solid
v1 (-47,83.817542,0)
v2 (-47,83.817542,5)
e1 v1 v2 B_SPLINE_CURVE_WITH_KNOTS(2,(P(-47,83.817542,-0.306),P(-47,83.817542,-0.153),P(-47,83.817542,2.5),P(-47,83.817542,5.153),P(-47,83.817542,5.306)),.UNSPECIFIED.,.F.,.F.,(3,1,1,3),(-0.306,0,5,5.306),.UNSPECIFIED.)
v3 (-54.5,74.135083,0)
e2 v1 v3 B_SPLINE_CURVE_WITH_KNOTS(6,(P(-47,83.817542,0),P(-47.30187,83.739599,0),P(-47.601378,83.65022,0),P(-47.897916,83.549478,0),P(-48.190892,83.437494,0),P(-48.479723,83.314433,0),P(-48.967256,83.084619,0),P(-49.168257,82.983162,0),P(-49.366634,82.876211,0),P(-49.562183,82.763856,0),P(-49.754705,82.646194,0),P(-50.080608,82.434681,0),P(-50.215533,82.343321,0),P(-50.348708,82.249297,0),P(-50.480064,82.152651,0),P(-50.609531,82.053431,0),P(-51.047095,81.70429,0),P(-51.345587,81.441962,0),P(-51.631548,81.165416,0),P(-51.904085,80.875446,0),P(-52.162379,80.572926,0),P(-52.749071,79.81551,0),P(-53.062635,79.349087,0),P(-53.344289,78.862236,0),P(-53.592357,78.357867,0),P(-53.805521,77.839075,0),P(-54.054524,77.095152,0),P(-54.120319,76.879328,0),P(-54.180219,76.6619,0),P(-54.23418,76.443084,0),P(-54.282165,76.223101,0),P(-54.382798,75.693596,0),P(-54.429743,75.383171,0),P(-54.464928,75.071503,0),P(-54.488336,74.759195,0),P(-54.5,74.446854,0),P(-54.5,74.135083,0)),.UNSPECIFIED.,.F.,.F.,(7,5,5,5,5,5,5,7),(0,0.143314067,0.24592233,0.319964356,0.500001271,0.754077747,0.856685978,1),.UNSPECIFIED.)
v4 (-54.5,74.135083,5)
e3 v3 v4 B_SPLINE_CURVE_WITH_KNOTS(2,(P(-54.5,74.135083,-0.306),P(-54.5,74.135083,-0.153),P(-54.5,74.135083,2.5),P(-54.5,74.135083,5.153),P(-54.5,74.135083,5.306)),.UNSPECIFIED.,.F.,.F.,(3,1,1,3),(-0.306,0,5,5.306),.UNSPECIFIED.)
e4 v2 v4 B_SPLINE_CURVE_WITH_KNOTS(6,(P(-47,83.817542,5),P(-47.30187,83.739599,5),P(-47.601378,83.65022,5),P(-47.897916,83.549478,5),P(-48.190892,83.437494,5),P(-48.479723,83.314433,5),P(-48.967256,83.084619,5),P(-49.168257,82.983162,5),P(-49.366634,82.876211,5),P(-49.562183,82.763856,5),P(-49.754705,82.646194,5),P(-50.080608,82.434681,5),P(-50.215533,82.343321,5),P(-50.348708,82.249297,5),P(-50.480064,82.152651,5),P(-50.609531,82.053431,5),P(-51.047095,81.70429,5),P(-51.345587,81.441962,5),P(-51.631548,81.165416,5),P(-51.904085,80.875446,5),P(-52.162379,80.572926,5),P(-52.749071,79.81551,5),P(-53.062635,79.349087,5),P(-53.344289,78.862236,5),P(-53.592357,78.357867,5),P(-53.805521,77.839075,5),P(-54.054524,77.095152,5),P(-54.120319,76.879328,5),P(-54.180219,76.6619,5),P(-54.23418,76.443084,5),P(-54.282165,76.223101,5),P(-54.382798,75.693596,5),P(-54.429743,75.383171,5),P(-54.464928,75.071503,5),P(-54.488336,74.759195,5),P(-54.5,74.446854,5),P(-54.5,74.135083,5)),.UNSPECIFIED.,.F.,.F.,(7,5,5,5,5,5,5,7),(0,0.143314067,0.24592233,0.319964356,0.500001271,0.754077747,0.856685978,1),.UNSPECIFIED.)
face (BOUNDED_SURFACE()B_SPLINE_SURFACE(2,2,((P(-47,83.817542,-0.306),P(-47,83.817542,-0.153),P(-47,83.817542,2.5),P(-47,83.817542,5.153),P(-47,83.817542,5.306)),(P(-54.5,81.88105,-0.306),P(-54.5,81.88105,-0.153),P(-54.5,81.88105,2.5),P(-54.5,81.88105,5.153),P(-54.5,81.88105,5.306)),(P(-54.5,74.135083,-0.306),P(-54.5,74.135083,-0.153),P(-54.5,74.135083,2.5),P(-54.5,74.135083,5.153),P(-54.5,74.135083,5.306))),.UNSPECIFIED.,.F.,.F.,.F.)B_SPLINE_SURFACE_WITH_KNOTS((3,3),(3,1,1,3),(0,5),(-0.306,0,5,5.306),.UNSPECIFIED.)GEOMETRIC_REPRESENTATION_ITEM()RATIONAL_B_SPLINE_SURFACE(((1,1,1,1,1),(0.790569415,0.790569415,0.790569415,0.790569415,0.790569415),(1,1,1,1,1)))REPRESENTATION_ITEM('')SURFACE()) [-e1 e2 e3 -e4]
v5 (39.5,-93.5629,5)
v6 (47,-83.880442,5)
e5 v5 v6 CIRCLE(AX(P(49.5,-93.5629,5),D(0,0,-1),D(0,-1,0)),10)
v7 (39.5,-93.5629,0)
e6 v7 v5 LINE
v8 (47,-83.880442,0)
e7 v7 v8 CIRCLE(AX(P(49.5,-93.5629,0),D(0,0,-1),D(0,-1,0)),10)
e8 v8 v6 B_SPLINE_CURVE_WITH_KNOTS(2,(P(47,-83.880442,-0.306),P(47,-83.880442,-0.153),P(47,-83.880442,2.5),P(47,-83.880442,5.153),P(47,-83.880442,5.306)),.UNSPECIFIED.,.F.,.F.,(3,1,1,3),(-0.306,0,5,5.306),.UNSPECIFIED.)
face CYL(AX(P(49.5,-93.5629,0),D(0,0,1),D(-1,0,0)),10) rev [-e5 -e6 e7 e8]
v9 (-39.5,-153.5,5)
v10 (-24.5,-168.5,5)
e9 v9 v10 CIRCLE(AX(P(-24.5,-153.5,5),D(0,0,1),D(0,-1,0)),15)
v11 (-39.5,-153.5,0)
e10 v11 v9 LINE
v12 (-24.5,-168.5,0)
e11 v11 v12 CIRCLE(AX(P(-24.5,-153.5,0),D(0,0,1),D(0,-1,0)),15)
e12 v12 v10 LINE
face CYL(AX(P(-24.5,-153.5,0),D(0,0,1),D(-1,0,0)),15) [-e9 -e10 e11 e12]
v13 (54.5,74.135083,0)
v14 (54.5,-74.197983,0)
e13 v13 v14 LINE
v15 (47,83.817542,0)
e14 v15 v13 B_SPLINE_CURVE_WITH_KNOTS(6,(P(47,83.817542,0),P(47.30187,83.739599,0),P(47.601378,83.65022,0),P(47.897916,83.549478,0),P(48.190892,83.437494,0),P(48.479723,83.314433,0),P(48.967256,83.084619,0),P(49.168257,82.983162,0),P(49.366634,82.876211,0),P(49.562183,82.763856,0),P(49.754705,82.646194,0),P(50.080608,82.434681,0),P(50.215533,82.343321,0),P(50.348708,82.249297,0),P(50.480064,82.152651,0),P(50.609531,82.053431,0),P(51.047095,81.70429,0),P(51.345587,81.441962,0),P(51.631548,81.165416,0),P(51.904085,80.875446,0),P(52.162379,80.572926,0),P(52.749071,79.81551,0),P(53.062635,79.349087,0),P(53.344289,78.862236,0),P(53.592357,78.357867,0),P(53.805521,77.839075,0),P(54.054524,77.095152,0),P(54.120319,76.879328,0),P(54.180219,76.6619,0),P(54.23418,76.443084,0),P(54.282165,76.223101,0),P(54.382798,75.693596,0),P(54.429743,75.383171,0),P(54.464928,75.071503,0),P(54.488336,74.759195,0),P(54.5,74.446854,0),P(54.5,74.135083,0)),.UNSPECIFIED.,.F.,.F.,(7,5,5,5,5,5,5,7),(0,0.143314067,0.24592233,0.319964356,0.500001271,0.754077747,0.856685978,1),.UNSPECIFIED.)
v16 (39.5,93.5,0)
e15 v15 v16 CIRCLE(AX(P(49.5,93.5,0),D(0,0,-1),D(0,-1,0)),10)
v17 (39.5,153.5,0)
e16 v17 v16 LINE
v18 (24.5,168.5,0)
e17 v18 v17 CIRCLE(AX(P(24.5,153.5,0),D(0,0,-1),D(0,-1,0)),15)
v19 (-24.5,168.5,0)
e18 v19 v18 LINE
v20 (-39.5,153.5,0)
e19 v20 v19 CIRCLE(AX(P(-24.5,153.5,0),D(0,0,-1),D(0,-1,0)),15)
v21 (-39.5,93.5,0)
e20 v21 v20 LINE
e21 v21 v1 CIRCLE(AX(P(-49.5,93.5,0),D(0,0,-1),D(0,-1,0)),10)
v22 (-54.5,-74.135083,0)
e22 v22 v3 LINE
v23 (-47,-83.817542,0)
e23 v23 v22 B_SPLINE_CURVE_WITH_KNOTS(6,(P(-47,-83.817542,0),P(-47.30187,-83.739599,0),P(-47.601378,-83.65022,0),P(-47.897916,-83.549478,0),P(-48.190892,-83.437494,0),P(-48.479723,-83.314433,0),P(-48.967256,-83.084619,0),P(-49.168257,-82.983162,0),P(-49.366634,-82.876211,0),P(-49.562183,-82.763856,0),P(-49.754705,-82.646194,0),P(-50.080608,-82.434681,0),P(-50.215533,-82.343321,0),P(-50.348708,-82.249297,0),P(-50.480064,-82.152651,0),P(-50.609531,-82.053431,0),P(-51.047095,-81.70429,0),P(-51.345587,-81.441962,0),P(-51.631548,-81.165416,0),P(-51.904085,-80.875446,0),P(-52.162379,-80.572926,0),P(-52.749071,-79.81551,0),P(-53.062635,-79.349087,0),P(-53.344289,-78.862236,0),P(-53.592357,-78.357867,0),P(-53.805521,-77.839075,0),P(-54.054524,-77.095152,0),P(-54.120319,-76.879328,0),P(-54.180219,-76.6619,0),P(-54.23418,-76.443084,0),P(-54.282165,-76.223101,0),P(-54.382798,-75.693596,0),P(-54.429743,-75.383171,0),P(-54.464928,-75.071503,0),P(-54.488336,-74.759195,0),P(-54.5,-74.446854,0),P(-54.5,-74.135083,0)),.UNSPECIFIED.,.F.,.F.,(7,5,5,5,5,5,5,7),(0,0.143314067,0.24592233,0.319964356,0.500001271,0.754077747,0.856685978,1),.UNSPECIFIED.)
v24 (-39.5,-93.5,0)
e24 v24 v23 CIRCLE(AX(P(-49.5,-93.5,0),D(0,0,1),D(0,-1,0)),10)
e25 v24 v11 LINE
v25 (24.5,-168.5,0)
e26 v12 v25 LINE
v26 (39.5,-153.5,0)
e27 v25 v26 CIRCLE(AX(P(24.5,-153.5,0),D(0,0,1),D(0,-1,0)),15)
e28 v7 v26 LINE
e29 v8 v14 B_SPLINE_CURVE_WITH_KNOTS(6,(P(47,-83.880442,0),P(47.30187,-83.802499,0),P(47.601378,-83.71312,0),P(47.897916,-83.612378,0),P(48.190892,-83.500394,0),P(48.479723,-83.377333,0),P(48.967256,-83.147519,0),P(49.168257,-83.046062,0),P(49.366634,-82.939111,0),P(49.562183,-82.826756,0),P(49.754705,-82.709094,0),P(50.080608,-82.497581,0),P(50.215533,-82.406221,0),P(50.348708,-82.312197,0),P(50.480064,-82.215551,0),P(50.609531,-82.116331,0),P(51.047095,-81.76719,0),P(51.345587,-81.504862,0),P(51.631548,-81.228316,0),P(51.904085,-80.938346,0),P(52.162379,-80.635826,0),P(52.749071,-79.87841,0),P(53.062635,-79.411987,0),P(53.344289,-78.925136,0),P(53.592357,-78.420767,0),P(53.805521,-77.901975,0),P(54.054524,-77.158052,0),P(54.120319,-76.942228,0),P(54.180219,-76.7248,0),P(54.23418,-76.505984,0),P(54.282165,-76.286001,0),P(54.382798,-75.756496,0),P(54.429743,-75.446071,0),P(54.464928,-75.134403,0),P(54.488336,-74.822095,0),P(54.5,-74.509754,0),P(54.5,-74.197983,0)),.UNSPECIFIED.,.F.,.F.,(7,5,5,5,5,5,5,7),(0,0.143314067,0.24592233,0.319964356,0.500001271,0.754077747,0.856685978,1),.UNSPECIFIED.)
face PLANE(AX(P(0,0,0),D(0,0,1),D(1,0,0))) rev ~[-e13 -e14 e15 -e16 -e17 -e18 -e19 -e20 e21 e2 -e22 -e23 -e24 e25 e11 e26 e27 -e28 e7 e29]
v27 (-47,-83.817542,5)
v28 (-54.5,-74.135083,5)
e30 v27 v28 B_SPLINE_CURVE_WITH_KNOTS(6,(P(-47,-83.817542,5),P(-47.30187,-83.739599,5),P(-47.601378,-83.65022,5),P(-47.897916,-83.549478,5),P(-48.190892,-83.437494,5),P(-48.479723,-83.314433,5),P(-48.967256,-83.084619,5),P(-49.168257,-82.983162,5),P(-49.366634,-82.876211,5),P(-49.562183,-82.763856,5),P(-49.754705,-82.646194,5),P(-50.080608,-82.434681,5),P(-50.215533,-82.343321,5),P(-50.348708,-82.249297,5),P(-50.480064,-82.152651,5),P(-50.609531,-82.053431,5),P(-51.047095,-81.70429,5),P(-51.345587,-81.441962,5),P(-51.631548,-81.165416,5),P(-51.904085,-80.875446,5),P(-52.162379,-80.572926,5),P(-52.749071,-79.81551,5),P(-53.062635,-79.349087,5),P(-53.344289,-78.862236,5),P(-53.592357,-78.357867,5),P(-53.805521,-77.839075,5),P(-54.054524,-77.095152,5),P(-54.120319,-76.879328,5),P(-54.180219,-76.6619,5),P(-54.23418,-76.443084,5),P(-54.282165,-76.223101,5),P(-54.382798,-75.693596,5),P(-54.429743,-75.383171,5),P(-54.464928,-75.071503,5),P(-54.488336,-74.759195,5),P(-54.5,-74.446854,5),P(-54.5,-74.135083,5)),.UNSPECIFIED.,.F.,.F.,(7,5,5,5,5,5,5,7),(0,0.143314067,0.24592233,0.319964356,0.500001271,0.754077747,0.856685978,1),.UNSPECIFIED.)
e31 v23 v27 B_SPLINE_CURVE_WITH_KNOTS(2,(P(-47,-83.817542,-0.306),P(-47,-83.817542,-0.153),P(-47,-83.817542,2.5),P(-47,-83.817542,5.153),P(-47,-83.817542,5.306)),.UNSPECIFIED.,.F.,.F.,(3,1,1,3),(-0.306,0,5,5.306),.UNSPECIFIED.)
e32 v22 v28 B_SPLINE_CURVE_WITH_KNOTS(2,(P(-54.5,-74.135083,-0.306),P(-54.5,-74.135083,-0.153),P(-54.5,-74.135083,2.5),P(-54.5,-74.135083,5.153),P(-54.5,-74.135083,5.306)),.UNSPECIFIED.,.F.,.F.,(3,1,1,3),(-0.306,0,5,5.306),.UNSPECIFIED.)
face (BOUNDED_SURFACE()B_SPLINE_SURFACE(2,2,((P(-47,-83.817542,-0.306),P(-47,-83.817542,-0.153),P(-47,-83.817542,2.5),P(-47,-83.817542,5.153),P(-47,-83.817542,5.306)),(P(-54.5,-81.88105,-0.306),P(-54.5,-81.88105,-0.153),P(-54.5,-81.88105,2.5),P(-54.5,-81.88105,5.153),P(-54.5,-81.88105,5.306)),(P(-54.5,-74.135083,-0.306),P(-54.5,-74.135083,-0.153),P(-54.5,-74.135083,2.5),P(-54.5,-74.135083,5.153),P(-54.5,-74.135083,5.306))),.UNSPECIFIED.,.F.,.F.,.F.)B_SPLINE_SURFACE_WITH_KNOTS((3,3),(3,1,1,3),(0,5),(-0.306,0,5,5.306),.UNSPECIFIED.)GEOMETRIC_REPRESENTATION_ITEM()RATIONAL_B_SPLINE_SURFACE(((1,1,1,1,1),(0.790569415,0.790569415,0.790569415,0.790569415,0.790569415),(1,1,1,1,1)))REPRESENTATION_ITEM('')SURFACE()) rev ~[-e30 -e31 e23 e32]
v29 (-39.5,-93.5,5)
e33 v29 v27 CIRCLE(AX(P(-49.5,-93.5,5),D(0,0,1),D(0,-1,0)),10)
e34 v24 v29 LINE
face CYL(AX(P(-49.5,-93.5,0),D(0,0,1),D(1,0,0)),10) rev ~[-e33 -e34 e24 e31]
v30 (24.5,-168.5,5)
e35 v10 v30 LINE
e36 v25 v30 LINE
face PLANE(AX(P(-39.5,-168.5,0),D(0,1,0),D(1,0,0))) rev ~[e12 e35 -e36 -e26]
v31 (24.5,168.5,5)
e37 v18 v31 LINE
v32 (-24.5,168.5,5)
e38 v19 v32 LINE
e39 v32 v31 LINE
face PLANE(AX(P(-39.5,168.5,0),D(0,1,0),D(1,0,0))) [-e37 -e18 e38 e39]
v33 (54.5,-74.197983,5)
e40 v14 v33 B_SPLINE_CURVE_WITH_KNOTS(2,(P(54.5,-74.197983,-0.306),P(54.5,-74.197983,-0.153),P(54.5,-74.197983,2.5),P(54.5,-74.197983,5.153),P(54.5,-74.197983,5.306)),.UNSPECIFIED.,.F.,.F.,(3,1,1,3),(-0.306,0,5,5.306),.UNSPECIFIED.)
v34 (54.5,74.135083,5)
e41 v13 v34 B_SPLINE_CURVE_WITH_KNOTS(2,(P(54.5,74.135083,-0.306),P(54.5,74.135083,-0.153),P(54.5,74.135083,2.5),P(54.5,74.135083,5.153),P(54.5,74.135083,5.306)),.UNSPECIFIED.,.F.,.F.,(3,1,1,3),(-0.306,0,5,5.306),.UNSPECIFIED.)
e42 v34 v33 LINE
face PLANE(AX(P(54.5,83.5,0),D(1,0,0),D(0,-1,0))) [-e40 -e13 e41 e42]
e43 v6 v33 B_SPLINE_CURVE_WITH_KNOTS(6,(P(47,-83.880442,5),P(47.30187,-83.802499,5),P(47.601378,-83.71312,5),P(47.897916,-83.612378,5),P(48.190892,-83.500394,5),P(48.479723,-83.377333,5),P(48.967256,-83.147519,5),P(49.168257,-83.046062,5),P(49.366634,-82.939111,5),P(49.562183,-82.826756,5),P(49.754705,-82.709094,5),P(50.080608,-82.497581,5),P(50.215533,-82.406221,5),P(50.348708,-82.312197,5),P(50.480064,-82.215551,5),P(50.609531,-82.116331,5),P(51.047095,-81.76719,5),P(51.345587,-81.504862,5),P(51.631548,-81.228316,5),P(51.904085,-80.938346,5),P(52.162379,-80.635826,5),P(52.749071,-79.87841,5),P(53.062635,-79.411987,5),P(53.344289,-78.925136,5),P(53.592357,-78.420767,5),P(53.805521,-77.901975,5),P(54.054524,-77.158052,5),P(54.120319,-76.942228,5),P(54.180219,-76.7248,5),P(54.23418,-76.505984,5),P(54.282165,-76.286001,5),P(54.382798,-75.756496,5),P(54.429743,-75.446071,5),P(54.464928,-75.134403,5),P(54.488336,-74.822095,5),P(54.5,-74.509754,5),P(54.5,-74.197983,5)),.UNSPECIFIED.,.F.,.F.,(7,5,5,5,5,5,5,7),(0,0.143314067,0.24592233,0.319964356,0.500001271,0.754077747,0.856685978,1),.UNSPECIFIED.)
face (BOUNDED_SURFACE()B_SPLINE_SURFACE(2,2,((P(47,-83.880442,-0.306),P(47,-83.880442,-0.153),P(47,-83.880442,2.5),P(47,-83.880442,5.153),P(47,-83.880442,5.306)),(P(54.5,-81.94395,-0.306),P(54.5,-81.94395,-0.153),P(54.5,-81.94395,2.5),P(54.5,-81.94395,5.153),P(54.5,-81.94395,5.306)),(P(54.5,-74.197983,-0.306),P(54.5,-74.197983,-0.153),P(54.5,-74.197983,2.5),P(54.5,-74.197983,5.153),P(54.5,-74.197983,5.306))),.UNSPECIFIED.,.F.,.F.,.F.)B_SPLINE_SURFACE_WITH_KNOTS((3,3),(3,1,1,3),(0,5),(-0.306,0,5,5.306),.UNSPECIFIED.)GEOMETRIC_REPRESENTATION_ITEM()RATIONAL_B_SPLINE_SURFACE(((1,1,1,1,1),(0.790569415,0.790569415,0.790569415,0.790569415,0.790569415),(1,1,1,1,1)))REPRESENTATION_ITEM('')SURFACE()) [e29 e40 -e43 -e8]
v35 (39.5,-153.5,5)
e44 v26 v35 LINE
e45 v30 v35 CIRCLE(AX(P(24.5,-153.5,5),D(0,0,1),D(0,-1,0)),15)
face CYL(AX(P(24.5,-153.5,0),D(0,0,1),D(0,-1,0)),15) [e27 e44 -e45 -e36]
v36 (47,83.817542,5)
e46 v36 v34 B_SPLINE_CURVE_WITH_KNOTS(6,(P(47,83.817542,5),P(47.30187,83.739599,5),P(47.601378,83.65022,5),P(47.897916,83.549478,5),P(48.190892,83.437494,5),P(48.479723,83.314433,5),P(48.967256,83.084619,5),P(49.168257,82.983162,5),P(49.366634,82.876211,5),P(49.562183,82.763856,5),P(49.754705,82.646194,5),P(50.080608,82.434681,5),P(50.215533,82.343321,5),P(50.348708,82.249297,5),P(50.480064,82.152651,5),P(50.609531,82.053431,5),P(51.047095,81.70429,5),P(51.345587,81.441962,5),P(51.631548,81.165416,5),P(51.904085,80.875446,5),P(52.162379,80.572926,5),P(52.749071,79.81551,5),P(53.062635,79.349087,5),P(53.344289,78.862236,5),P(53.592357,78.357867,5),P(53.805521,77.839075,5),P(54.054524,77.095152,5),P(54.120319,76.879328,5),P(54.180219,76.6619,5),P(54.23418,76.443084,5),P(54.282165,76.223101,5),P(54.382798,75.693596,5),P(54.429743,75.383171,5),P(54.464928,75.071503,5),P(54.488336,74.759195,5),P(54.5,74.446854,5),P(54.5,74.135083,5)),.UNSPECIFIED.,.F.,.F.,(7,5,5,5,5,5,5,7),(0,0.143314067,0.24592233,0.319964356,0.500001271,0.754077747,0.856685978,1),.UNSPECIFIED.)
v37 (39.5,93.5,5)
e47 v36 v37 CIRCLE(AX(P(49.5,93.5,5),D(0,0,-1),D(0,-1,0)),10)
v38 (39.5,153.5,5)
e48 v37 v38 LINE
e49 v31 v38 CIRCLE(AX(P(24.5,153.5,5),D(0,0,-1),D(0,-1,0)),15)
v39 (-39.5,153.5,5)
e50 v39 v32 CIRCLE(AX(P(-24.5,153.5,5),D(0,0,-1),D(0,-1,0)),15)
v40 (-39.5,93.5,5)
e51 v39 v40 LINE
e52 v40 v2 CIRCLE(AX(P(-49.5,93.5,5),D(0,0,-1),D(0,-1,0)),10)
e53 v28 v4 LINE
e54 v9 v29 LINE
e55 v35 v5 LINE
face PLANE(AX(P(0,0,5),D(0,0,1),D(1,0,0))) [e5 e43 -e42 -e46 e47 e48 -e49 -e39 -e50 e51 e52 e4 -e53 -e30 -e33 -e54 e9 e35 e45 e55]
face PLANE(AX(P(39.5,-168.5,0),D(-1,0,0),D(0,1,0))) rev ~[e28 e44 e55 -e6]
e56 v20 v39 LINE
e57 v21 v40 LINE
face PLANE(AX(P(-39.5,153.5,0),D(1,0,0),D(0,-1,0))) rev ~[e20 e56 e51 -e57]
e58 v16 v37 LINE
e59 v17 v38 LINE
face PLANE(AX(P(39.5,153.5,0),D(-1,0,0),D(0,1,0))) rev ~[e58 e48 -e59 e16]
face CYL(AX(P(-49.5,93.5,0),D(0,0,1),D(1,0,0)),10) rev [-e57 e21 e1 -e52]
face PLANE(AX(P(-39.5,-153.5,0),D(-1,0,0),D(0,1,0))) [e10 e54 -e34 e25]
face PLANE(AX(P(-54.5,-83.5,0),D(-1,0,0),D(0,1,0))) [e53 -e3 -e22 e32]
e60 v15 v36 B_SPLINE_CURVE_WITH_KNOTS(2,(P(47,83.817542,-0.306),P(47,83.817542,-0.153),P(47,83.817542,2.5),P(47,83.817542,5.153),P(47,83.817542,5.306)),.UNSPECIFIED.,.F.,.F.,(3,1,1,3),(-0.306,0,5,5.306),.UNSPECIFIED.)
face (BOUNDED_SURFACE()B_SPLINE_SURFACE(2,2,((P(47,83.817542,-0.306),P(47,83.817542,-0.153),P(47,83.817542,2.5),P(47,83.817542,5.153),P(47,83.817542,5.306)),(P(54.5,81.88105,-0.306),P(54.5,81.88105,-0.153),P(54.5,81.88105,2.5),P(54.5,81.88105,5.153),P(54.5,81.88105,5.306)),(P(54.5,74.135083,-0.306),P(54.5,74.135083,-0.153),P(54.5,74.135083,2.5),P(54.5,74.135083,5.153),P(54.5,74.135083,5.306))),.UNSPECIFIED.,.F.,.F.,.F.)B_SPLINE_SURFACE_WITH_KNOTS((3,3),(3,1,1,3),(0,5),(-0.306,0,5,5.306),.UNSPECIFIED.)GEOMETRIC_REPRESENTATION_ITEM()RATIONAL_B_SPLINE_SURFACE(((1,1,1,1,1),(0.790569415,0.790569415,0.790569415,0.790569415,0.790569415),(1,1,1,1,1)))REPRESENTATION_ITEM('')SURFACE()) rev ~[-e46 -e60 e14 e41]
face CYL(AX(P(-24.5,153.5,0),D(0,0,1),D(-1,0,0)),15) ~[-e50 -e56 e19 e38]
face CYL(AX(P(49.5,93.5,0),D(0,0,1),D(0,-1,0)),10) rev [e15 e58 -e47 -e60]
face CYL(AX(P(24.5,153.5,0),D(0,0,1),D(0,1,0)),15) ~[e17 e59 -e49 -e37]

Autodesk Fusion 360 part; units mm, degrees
sketch "Sketch1" plane through (0, 0, 0) normal (0, 0, 1) x (1, 0, 0)
  line L0 (54.5, -188.5) -> (-54.5, -188.5)
  line L1 (-54.5, -188.5) -> (-54.5, 188.5)
  line L2 (-54.5, 188.5) -> (54.5, 188.5)
  line L3 (54.5, 188.5) -> (54.5, -188.5)
  line L4 (54.5, -188.5) -> (-54.5, 188.5) construction
  line L5 (-54.5, -188.5) -> (54.5, 188.5) construction
  line L6 (-54.5, 153.5) -> (-39.5, 153.5)
  line L7 (-39.5, 153.5) -> (-39.5, 83.5)
  line L8 (-39.5, 83.5) -> (-54.5, 83.5)
  line L9 (-54.5, 83.5) -> (-54.5, 153.5)
  line L10 (-54.5, -153.5) -> (-39.5, -153.5)
  line L11 (-39.5, -153.5) -> (-39.5, -83.5)
  line L12 (-39.5, -83.5) -> (-54.5, -83.5)
  line L13 (-54.5, -83.5) -> (-54.5, -153.5)
  line L14 (54.5, -153.5629) -> (39.5, -153.5629)
  line L15 (39.5, -153.5629) -> (39.5, -83.5629)
  line L16 (39.5, -83.5629) -> (54.5, -83.5629)
  line L17 (54.5, -83.5629) -> (54.5, -153.5629)
  line L18 (54.5, 153.5) -> (39.5, 153.5)
  line L19 (39.5, 153.5) -> (39.5, 83.5)
  line L20 (39.5, 83.5) -> (54.5, 83.5)
  line L21 (54.5, 83.5) -> (54.5, 153.5)
  line L22 (-39.5, 153.5) -> (-39.5, 168.5)
  line L23 (-39.5, 168.5) -> (39.5, 168.5)
  line L24 (39.5, 153.5) -> (39.5, 168.5)
  line L25 (-39.5, -153.5) -> (-39.5, -168.5)
  line L26 (-39.5, -168.5) -> (39.5, -168.5)
  line L27 (39.5, -168.5) -> (39.5, -153.5629)
  dimension "d1" = 109
  dimension "d2" = 377
  dimension "d3" = 15
  dimension "d4" = 70
  dimension "d5" = 15
  dimension "d6" = 70
  dimension "d7" = 35
  dimension "d8" = 35
  dimension "d9" = 15
  dimension "d10" = 70
  dimension "d11" = 15
  dimension "d12" = 70
  dimension "d19" = 15
  dimension "d20" = 15
extrude "Extrude1" add sketch "Sketch1" along normal blind 5 contours L1 L3 L7 L8 L11 L12 L15 L16 L19 L20 L22 L23 L24 L25 L26 L27
fillet "Fillet1" radius 10 8 edges at (-39.5, -83.5, 2.5) (-54.5, -83.5, 2.5) (39.5, -83.5629, 2.5) (54.5, -83.5629, 2.5) (39.5, 83.5, 2.5) (54.5, 83.5, 2.5) (-39.5, 83.5, 2.5) (-54.5, 83.5, 2.5)
fillet "Fillet2" radius 15 4 edges at (-39.5, -168.5, 2.5) (39.5, -168.5, 2.5) (39.5, 168.5, 2.5) (-39.5, 168.5, 2.5)
